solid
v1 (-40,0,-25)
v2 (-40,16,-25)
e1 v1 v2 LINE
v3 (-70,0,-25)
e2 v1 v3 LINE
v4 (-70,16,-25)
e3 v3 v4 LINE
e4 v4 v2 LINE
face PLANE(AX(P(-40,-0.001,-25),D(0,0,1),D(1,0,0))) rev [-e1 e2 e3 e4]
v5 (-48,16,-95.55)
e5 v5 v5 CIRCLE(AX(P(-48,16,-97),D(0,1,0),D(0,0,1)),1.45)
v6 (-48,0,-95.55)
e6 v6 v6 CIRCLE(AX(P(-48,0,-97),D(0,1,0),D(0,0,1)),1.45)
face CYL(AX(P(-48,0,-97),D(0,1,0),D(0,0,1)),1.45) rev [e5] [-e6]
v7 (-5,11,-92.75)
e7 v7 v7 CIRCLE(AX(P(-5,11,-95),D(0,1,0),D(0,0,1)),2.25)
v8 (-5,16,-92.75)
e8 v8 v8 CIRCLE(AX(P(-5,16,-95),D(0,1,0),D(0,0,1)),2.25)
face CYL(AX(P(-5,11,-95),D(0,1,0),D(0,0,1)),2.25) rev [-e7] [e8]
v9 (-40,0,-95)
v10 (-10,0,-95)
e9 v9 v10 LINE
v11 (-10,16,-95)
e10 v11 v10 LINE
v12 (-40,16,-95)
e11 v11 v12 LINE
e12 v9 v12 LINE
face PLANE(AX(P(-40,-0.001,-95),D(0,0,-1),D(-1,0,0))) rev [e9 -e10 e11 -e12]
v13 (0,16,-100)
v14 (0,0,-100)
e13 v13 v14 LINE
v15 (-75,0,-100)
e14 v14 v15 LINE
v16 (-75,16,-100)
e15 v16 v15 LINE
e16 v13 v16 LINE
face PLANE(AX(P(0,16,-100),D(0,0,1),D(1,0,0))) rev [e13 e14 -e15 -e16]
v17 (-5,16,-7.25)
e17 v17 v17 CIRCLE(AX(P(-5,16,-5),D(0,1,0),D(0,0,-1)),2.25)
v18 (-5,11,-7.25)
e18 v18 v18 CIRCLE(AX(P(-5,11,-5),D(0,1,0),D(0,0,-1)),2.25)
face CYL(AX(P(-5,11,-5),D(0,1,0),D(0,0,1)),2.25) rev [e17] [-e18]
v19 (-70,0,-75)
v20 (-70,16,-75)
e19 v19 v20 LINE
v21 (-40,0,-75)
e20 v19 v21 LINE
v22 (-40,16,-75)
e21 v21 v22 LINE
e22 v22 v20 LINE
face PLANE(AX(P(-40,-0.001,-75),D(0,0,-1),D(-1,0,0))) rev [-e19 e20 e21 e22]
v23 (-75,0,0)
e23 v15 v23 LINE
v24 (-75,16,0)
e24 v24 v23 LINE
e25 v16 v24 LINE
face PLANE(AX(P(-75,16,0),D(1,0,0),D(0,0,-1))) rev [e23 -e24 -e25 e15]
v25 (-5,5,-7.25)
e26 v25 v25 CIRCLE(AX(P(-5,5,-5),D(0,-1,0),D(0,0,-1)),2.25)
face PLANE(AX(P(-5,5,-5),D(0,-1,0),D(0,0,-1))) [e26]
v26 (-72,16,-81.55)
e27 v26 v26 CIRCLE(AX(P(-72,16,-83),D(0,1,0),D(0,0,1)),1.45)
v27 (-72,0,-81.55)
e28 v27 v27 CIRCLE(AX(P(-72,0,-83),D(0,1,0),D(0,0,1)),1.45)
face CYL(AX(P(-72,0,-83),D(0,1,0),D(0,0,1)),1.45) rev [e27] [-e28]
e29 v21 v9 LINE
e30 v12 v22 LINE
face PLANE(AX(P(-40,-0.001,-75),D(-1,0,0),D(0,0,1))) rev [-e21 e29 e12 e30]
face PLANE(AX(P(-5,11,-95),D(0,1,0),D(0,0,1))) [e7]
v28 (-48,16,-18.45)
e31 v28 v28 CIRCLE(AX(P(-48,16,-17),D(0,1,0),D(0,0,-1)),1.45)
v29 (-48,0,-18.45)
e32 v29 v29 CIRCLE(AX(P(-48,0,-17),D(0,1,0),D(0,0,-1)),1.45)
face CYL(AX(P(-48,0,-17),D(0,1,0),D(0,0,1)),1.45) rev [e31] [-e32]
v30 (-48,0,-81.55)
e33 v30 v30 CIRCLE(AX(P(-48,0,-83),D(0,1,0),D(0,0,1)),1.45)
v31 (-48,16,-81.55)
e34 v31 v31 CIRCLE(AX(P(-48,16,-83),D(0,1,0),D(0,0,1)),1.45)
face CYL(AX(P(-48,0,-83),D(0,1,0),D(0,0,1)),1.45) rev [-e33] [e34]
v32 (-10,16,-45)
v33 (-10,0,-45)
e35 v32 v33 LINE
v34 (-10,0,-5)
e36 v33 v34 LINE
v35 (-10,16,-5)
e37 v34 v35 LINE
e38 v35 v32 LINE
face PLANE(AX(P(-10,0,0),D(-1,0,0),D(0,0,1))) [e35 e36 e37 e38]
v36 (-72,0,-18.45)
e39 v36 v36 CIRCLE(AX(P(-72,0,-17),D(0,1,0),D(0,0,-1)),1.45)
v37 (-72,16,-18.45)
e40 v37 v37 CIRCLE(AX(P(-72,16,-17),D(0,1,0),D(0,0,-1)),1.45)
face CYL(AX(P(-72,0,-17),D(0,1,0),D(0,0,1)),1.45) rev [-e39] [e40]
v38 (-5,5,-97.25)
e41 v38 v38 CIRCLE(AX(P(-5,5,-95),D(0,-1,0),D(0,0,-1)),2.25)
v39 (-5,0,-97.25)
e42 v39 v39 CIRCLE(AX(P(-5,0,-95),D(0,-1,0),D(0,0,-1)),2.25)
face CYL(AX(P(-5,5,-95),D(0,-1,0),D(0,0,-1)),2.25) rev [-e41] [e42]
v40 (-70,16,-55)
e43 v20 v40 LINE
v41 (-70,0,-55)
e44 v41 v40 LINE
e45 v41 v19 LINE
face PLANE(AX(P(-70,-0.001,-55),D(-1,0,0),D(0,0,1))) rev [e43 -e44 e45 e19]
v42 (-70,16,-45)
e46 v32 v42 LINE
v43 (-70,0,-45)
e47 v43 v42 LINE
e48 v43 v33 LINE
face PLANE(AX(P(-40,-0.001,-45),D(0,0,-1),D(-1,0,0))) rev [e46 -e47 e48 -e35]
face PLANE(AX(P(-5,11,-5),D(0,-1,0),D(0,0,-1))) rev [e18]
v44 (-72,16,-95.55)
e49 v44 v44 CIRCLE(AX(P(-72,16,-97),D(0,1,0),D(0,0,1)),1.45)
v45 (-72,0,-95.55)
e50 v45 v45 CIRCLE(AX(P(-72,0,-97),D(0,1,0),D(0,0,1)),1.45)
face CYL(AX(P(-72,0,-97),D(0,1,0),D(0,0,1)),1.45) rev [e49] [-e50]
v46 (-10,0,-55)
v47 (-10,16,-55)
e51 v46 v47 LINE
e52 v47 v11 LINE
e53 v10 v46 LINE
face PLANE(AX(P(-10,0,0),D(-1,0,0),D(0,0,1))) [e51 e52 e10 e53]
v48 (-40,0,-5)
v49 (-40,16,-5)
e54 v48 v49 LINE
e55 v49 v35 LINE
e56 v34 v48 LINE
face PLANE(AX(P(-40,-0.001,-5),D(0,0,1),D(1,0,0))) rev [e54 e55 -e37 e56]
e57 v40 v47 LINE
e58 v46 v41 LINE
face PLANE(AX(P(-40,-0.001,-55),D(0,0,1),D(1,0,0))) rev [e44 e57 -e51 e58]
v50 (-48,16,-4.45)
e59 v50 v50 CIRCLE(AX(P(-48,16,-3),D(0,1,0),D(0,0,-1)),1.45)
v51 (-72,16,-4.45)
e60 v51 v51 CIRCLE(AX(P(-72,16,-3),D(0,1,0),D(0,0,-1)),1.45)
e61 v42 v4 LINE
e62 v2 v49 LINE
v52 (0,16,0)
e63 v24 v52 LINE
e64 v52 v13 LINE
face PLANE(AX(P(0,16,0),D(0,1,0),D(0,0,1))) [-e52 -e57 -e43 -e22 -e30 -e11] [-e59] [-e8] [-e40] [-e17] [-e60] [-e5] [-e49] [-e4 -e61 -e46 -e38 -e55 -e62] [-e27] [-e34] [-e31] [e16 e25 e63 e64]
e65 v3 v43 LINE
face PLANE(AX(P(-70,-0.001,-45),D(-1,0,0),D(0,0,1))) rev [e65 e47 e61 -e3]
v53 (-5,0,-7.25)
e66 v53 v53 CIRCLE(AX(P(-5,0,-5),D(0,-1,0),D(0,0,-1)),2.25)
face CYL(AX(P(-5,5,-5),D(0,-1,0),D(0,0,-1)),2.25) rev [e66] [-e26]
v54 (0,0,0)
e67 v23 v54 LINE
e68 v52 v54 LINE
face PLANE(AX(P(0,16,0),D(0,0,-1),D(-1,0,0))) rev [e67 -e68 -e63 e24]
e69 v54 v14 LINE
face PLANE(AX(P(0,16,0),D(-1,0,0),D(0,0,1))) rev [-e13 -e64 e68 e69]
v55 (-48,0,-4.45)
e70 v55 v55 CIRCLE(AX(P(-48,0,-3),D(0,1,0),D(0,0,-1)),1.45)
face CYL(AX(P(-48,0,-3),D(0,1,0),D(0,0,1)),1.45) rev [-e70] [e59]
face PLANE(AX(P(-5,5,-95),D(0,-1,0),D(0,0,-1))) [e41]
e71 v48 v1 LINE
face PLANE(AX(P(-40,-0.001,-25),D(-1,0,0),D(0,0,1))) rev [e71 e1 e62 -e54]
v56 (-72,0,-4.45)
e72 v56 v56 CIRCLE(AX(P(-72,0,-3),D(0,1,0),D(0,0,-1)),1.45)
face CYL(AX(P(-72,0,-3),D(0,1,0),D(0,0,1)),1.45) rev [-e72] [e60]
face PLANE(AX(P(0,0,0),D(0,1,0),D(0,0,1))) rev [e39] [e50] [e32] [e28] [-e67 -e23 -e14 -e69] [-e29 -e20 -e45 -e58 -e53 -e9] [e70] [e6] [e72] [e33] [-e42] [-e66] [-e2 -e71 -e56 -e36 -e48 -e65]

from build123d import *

# Parameters (mm, degrees)
SKETCH_1_W          = 75
SKETCH_1_H          = 100
EXTRUDE_1_DEPTH     = 16
CUT_EXTRUDE_5_REACH = 128.02
SKETCH_8_R          = 1.45
CUT_EXTRUDE_7_DEPTH = 127.019839708
SKETCH_9_W          = 40
SKETCH_9_H          = 16
EXTRUDE_2_DEPTH     = 5
SKETCH_10_R         = 2.25
CUT_EXTRUDE_8_DEPTH = 5
CUT_EXTRUDE_START   = -5
SKETCH_11_R         = 2.25
CUT_EXTRUDE_9_DEPTH = 5


with BuildPart() as part:
    # 草图1 → 凸台-拉伸1 (new body)
    with BuildSketch(Plane(origin=(0, 0, 0), x_dir=(1, 0, 0), z_dir=(0, 1, 0))):
        with Locations((-37.5, 50)):
            Rectangle(SKETCH_1_W, SKETCH_1_H)
    extrude(amount=EXTRUDE_1_DEPTH)

    # 草图6 → 切除-拉伸5 (cut, up to next)
    with BuildSketch(Plane(origin=(0, 16, 0), x_dir=(1, 0, 0), z_dir=(0, 1, 0)), mode=Mode.PRIVATE) as cut_extrude_5_sk1:
        Polygon((-40, 45), (-5, 45), (-5, 5), (-40, 5), (-40, 25), (-70, 25), (-70, 45), align=None)
    cut_extrude_5_tool1 = extrude(cut_extrude_5_sk1.sketch, amount=-CUT_EXTRUDE_5_REACH, mode=Mode.PRIVATE) & part.part
    # 草图6 → 切除-拉伸5 (cut, up to next)
    with BuildSketch(Plane(origin=(0, 16, 0), x_dir=(1, 0, 0), z_dir=(0, 1, 0)), mode=Mode.PRIVATE) as cut_extrude_5_sk2:
        Polygon((-40, 95), (-5, 95), (-5, 55), (-40, 55), (-70, 55), (-70, 75), (-40, 75), align=None)
    cut_extrude_5_tool2 = extrude(cut_extrude_5_sk2.sketch, amount=-CUT_EXTRUDE_5_REACH, mode=Mode.PRIVATE) & part.part
    add(cut_extrude_5_tool1.solids().sort_by_distance((-32.25, 16, -28))[0], mode=Mode.SUBTRACT)
    add(cut_extrude_5_tool2.solids().sort_by_distance((-32.25, 16, -72))[0], mode=Mode.SUBTRACT)

    # 草图8 → 切除-拉伸7 (cut, through all)
    with BuildSketch(Plane(origin=(0, 16, 0), x_dir=(1, 0, 0), z_dir=(0, 1, 0))):
        with Locations(Location((-72, 97, 0), (0, 0, 270))):
            Circle(SKETCH_8_R)
        with Locations(Location((-72, 83, 0), (0, 0, 270))):
            Circle(SKETCH_8_R)
        with Locations(Location((-48, 97, 0), (0, 0, 270))):
            Circle(SKETCH_8_R)
        with Locations(Location((-48, 83, 0), (0, 0, 270))):
            Circle(SKETCH_8_R)
        with Locations(Location((-48, 17, 0), (0, 0, 90))):
            Circle(SKETCH_8_R)
        with Locations(Location((-48, 3, 0), (0, 0, 90))):
            Circle(SKETCH_8_R)
        with Locations(Location((-72, 17, 0), (0, 0, 90))):
            Circle(SKETCH_8_R)
        with Locations(Location((-72, 3, 0), (0, 0, 90))):
            Circle(SKETCH_8_R)
    extrude(amount=-CUT_EXTRUDE_7_DEPTH, mode=Mode.SUBTRACT)

    # 草图9 → 凸台-拉伸2 (add)
    with BuildSketch(Plane.ZY.offset(5)):
        with Locations((-25, 8)):
            Rectangle(SKETCH_9_W, SKETCH_9_H)
        with Locations((-75, 8)):
            Rectangle(SKETCH_9_W, SKETCH_9_H)
    extrude(amount=EXTRUDE_2_DEPTH)

    # 草图10 → 切除-拉伸8 (cut)
    with BuildSketch(Plane(origin=(0, 16, 0), x_dir=(1, 0, 0), z_dir=(0, 1, 0))):
        with Locations(Location((-5, 95, 0), (0, 0, 270))):
            Circle(SKETCH_10_R)
        with Locations(Location((-5, 5, 0), (0, 0, 90))):
            Circle(SKETCH_10_R)
    extrude(amount=-CUT_EXTRUDE_8_DEPTH, mode=Mode.SUBTRACT)

    # 草图11 → 切除-拉伸9 (cut)
    with BuildSketch(Plane.XZ.offset(CUT_EXTRUDE_START)):
        with Locations(Location((-5, -95, 0), (0, 0, 90))):
            Circle(SKETCH_11_R)
        with Locations(Location((-5, -5, 0), (0, 0, 270))):
            Circle(SKETCH_11_R)
    extrude(amount=CUT_EXTRUDE_9_DEPTH, mode=Mode.SUBTRACT)


solid = part.part
